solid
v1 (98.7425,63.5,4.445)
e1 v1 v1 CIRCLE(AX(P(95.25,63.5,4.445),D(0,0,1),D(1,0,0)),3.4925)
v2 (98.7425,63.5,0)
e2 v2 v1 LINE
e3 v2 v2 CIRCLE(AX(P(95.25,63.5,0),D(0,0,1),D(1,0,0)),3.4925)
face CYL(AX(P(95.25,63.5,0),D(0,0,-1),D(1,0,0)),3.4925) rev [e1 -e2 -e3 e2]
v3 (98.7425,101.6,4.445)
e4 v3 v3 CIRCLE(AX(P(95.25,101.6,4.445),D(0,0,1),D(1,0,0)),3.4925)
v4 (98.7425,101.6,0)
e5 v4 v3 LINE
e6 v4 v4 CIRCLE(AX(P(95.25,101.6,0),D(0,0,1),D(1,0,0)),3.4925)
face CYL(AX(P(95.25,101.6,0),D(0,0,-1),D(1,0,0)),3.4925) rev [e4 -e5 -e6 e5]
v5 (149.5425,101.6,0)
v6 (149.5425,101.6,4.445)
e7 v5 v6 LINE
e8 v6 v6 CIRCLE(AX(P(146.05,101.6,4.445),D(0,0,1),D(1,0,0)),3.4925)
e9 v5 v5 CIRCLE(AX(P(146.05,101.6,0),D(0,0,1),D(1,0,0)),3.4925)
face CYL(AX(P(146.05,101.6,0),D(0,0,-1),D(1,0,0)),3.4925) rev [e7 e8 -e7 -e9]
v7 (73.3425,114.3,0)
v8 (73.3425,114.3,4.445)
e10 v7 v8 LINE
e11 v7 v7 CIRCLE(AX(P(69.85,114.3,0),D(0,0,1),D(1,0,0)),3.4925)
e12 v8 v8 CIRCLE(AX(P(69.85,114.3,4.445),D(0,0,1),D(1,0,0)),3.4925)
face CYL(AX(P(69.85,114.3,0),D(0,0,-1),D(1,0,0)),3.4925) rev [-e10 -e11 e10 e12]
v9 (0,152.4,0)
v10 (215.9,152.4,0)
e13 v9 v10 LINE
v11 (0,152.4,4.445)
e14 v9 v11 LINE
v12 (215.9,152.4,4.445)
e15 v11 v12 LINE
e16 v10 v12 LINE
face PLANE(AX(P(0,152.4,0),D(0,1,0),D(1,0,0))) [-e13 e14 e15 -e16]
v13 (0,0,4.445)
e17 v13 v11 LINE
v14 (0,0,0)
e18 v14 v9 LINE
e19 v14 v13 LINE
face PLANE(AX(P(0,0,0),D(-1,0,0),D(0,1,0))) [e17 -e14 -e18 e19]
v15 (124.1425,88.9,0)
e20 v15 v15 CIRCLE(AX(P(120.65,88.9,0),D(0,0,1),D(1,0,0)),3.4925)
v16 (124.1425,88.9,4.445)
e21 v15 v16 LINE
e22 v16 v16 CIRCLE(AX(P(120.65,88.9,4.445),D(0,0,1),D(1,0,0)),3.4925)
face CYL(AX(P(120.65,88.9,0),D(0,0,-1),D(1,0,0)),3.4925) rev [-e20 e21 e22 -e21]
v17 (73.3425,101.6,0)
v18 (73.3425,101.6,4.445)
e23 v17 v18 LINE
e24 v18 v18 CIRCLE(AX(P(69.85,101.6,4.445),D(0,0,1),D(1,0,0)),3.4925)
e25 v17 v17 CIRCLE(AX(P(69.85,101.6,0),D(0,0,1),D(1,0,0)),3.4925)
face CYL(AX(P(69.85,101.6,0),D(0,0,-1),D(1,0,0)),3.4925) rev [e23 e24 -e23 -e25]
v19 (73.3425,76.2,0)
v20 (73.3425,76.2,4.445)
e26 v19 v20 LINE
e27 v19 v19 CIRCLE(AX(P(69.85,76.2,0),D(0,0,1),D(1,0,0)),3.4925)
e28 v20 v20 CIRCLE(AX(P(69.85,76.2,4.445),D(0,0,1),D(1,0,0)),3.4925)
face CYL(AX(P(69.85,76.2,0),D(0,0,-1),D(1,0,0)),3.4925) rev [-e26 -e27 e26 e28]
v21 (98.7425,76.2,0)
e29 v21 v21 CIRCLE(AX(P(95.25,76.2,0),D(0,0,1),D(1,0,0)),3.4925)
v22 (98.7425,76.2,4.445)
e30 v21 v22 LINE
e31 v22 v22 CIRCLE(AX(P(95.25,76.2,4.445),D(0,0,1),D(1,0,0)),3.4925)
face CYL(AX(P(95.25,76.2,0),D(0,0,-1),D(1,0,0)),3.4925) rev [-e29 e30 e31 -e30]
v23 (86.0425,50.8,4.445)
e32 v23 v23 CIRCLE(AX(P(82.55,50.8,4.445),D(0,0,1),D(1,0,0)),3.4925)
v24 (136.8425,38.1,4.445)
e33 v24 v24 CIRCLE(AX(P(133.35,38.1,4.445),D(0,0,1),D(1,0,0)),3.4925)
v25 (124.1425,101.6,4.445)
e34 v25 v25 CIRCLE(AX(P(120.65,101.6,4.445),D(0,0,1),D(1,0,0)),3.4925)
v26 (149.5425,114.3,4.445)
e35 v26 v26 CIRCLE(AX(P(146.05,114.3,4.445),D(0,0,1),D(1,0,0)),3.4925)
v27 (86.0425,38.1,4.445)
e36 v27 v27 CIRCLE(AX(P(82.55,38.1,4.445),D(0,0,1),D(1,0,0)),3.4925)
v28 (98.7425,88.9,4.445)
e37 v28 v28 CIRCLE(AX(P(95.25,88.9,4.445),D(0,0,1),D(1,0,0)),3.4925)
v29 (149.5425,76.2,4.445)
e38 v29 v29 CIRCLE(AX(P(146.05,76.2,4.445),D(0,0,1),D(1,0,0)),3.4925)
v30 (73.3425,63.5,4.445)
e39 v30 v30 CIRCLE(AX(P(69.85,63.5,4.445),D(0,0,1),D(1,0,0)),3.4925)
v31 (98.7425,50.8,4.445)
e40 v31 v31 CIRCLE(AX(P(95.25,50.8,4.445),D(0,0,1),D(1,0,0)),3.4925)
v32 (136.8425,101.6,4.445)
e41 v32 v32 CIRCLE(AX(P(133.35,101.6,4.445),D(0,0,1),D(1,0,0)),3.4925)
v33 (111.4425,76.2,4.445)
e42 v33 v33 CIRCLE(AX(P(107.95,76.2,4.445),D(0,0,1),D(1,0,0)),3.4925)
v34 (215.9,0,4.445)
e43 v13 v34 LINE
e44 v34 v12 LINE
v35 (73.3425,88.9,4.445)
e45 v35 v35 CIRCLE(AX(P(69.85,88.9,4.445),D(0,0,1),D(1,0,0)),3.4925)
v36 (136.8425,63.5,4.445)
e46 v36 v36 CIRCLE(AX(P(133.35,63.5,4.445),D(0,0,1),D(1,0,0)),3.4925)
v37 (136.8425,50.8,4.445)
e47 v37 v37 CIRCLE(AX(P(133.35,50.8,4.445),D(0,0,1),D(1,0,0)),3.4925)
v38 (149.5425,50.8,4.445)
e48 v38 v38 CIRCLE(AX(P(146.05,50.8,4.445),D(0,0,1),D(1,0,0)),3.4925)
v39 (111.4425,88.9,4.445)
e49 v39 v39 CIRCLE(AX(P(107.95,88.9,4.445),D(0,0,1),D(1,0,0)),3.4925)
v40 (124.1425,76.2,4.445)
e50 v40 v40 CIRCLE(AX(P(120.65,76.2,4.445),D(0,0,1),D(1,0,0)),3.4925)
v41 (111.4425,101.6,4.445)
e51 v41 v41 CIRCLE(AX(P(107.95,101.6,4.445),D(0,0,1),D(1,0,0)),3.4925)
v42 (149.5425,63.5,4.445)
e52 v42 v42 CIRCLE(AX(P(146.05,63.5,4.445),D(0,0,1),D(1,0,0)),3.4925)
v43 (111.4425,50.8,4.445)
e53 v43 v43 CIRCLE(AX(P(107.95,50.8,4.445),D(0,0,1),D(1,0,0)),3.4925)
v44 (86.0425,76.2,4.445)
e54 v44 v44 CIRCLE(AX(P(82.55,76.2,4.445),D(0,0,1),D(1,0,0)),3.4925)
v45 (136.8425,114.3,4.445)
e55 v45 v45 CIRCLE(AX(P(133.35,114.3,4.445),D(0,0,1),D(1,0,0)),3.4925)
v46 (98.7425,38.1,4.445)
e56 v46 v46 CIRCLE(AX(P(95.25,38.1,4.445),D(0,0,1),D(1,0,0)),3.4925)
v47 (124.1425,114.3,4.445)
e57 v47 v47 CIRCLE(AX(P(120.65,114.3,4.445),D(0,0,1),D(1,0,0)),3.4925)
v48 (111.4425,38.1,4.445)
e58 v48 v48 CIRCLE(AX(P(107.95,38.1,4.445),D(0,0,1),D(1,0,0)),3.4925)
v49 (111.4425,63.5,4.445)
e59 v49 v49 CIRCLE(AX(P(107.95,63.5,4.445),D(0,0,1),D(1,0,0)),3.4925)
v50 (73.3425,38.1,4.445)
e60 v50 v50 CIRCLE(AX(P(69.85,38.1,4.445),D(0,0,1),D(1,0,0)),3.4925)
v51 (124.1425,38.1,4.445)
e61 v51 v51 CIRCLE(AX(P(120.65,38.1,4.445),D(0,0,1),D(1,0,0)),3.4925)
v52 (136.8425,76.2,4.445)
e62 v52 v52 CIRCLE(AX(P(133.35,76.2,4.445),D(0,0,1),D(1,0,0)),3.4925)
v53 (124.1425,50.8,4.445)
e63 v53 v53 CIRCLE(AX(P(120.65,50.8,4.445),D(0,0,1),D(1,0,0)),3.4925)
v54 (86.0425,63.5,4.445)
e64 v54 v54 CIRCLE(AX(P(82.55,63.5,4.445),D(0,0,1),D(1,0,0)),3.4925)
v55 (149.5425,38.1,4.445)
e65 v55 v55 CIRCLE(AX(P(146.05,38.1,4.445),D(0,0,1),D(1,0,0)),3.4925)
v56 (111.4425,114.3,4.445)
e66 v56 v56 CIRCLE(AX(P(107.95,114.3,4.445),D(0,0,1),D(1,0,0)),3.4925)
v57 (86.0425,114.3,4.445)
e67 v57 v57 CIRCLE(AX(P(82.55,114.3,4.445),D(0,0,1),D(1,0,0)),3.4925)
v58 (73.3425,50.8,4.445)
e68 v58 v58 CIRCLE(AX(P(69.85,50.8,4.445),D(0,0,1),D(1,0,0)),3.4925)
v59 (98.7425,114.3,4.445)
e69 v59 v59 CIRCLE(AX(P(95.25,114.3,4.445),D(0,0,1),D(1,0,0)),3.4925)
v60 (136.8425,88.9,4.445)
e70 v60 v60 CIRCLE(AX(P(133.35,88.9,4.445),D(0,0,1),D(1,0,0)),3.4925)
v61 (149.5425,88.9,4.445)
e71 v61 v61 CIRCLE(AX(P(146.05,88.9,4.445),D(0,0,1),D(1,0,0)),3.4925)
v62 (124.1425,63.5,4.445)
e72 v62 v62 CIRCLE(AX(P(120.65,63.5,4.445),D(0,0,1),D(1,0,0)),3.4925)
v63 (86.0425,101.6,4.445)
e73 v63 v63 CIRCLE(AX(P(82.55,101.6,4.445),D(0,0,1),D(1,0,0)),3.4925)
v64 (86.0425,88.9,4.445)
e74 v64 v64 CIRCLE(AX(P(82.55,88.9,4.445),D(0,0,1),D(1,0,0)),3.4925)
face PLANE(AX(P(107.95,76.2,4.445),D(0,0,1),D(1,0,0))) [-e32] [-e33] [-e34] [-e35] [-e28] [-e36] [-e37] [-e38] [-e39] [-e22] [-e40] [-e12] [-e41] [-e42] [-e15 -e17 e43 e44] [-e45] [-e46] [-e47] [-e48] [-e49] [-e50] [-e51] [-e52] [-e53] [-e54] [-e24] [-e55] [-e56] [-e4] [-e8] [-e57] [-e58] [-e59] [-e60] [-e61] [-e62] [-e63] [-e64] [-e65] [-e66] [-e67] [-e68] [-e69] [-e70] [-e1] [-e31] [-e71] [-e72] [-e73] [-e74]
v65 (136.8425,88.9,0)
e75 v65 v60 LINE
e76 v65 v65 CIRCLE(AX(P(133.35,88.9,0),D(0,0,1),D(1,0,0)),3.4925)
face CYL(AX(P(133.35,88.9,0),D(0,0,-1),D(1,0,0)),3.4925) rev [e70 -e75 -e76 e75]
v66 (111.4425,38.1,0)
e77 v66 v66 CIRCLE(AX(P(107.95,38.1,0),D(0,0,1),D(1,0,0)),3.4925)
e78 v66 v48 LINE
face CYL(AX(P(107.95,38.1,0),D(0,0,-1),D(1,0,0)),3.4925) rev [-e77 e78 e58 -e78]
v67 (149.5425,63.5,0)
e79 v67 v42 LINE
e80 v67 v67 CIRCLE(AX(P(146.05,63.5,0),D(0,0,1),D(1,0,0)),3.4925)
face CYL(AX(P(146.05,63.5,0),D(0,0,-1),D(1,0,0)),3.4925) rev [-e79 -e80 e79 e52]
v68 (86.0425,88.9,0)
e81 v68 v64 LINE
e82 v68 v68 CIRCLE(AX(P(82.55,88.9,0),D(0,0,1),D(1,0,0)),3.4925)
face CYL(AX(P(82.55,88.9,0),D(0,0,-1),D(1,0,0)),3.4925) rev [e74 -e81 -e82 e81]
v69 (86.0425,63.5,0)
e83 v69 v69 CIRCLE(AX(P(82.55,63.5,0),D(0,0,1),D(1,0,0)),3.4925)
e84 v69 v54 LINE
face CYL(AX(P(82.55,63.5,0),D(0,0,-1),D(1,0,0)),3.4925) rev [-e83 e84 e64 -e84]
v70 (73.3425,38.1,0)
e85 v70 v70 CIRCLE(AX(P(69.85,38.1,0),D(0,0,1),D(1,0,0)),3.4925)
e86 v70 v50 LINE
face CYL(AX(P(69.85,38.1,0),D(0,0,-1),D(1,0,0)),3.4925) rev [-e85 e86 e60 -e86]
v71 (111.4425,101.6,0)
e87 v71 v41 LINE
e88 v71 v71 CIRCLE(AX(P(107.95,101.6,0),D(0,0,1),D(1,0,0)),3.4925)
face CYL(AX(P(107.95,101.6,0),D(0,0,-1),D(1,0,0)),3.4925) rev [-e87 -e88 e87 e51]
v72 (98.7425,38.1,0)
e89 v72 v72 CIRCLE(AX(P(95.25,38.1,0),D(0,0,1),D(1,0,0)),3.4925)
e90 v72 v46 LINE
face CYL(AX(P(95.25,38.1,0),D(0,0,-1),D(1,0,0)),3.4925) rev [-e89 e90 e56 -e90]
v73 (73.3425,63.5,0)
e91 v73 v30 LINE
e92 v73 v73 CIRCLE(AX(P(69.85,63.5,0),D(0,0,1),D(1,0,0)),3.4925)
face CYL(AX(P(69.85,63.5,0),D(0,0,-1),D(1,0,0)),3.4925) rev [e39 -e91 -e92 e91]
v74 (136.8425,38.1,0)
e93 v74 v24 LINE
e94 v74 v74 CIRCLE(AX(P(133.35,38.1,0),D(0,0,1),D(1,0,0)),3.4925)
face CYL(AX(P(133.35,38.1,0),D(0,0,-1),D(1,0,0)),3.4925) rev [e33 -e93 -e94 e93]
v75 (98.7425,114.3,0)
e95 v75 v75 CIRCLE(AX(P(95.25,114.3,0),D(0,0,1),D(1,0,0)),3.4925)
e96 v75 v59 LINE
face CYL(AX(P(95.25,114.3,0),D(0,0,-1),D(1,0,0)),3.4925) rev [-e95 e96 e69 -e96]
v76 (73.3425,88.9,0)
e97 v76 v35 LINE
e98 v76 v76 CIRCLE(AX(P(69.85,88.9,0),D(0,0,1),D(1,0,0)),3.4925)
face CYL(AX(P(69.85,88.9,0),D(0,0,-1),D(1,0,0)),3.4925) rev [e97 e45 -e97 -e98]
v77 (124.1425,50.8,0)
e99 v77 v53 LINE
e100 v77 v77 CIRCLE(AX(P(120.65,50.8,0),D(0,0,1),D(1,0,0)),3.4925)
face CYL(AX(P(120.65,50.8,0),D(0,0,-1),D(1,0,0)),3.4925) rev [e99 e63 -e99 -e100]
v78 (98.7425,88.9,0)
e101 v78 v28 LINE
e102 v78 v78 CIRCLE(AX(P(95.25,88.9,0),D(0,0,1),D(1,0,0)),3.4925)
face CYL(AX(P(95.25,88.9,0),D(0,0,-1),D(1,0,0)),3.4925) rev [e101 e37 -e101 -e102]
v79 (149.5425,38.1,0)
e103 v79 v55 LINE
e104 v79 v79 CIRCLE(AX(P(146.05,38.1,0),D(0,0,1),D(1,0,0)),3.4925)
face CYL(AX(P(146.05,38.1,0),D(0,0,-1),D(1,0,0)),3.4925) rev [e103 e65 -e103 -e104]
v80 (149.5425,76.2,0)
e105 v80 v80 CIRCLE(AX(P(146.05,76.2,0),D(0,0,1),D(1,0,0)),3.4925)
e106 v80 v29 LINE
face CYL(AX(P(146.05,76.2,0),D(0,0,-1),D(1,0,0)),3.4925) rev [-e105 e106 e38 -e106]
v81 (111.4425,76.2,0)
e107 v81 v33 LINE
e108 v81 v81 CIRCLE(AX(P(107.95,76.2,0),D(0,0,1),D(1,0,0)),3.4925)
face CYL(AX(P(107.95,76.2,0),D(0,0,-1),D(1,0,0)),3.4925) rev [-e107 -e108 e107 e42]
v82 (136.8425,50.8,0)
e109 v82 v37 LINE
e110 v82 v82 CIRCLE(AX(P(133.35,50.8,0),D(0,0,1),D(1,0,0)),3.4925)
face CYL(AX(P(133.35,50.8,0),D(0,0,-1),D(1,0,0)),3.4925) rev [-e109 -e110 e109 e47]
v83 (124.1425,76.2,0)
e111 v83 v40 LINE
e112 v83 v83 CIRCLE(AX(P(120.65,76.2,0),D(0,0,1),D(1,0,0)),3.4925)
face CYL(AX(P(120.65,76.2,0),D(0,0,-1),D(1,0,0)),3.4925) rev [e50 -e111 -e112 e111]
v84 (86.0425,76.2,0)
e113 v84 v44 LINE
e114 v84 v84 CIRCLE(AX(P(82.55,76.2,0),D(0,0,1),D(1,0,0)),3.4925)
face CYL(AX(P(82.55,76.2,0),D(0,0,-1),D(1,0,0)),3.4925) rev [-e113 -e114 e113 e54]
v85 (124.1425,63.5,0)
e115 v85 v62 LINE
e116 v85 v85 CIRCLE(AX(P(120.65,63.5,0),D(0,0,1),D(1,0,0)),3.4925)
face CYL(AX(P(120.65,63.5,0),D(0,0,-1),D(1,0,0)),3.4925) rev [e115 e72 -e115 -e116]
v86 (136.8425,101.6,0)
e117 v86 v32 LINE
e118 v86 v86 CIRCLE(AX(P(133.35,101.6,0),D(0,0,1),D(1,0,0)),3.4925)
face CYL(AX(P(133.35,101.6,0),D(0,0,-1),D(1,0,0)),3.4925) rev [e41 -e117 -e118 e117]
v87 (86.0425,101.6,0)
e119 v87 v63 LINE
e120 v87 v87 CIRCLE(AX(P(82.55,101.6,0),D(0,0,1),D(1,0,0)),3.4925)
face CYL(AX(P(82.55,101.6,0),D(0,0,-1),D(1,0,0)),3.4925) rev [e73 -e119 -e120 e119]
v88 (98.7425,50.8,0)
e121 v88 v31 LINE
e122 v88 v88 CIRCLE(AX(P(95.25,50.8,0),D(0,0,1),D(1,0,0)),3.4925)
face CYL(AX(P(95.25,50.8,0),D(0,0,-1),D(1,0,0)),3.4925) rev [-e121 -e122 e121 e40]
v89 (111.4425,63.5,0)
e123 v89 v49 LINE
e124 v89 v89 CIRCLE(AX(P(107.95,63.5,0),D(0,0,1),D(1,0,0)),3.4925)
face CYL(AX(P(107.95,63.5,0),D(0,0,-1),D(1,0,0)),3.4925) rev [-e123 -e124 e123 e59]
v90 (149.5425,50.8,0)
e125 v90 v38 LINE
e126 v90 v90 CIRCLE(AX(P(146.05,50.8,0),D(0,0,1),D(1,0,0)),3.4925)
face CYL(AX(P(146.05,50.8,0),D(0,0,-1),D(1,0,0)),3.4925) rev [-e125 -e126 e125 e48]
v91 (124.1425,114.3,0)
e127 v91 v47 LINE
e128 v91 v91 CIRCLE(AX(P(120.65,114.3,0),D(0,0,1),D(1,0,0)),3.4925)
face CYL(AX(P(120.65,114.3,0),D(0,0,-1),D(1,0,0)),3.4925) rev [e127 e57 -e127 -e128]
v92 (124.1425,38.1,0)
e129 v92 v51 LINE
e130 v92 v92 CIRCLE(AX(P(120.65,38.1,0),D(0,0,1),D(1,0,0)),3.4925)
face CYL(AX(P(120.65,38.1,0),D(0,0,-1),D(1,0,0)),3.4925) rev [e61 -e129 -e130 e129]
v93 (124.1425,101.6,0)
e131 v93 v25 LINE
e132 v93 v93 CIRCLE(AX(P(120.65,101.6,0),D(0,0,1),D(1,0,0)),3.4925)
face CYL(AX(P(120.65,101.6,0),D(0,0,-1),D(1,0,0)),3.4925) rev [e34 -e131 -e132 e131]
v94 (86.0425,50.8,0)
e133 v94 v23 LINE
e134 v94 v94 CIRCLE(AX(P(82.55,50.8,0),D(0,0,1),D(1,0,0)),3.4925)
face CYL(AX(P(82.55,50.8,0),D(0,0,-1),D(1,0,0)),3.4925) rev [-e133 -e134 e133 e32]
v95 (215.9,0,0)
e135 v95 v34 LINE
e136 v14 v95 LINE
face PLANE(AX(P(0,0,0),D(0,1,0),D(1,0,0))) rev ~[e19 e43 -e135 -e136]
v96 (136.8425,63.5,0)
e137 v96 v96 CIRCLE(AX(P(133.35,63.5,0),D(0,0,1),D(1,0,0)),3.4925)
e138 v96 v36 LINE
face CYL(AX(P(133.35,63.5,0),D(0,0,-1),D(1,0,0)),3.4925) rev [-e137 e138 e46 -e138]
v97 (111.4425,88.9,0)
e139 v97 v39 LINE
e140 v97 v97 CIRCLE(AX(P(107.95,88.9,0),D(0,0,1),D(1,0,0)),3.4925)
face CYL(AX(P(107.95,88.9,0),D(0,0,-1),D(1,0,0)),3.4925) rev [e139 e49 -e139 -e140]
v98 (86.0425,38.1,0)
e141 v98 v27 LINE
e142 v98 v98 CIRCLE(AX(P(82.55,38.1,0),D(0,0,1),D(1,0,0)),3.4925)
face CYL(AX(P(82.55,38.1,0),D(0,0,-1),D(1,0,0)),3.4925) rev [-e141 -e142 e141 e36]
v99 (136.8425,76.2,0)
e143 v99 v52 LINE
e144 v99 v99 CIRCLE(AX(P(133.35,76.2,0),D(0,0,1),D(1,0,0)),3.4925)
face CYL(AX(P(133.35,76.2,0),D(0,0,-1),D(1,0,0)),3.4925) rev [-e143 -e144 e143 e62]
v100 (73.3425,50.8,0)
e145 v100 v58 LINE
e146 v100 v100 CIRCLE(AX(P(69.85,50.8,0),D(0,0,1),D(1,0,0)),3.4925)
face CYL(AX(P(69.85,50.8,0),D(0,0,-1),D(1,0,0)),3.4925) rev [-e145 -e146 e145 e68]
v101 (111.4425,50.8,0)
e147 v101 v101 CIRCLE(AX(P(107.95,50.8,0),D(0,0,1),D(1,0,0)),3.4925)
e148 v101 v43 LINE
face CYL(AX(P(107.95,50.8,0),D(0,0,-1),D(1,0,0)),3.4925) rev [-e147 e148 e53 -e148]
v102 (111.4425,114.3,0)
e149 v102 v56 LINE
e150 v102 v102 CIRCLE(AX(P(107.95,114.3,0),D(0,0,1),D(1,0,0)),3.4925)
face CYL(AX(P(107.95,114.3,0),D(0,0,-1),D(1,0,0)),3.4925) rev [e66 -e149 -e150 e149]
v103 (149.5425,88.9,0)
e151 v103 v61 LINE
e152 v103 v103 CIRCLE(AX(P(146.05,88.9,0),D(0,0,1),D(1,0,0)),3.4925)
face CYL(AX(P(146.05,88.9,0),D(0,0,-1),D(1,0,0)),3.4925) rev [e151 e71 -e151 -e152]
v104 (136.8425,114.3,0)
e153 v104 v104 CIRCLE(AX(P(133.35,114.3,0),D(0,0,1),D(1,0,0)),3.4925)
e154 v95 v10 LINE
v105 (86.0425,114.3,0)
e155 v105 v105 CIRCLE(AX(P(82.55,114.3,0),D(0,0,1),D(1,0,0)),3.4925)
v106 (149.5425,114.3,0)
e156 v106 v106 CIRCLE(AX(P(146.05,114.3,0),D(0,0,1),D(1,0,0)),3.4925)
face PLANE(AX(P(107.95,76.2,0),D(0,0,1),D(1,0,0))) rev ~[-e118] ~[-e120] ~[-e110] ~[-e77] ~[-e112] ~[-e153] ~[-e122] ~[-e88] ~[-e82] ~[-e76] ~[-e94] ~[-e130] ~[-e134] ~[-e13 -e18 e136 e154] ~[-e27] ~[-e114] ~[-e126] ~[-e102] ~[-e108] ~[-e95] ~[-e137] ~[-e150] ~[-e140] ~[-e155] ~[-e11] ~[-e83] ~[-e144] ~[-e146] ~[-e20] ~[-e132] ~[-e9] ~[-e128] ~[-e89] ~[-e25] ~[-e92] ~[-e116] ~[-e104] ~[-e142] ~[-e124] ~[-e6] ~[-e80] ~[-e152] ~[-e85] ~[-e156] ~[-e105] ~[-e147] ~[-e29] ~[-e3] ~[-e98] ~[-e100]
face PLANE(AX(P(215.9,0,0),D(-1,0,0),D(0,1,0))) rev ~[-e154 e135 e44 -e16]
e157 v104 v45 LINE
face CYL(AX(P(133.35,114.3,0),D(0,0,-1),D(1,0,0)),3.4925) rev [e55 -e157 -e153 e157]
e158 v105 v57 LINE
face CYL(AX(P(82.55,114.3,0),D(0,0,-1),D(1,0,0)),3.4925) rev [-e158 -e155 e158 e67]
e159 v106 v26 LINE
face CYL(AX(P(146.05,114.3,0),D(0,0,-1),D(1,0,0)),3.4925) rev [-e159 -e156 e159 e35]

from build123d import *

# Parameters (mm, degrees)
F0_W     = 215.9
F0_H     = 152.4
F0_R     = 3.4925
F1_DEPTH = 4.445


with BuildPart() as f1:
    # F0 (on Top) → F1 (new body)
    with BuildSketch(Plane.XY):
        with Locations((107.95, 76.2)):
            Rectangle(F0_W, F0_H)
        with Locations((69.85, 38.1)):
            Circle(F0_R, mode=Mode.SUBTRACT)
        with Locations((69.85, 50.8)):
            Circle(F0_R, mode=Mode.SUBTRACT)
        with Locations((82.55, 38.1)):
            Circle(F0_R, mode=Mode.SUBTRACT)
        with Locations((95.25, 38.1)):
            Circle(F0_R, mode=Mode.SUBTRACT)
        with Locations((82.55, 50.8)):
            Circle(F0_R, mode=Mode.SUBTRACT)
        with Locations((95.25, 50.8)):
            Circle(F0_R, mode=Mode.SUBTRACT)
        with Locations((69.85, 63.5)):
            Circle(F0_R, mode=Mode.SUBTRACT)
        with Locations((82.55, 63.5)):
            Circle(F0_R, mode=Mode.SUBTRACT)
        with Locations((95.25, 63.5)):
            Circle(F0_R, mode=Mode.SUBTRACT)
        with Locations((107.95, 38.1)):
            Circle(F0_R, mode=Mode.SUBTRACT)
        with Locations((120.65, 38.1)):
            Circle(F0_R, mode=Mode.SUBTRACT)
        with Locations((133.35, 38.1)):
            Circle(F0_R, mode=Mode.SUBTRACT)
        with Locations((107.95, 50.8)):
            Circle(F0_R, mode=Mode.SUBTRACT)
        with Locations((120.65, 50.8)):
            Circle(F0_R, mode=Mode.SUBTRACT)
        with Locations((133.35, 50.8)):
            Circle(F0_R, mode=Mode.SUBTRACT)
        with Locations((146.05, 38.1)):
            Circle(F0_R, mode=Mode.SUBTRACT)
        with Locations((146.05, 50.8)):
            Circle(F0_R, mode=Mode.SUBTRACT)
        with Locations((107.95, 63.5)):
            Circle(F0_R, mode=Mode.SUBTRACT)
        with Locations((120.65, 63.5)):
            Circle(F0_R, mode=Mode.SUBTRACT)
        with Locations((133.35, 63.5)):
            Circle(F0_R, mode=Mode.SUBTRACT)
        with Locations((146.05, 63.5)):
            Circle(F0_R, mode=Mode.SUBTRACT)
        with Locations((69.85, 76.2)):
            Circle(F0_R, mode=Mode.SUBTRACT)
        with Locations((69.85, 88.9)):
            Circle(F0_R, mode=Mode.SUBTRACT)
        with Locations((82.55, 76.2)):
            Circle(F0_R, mode=Mode.SUBTRACT)
        with Locations((95.25, 76.2)):
            Circle(F0_R, mode=Mode.SUBTRACT)
        with Locations((82.55, 88.9)):
            Circle(F0_R, mode=Mode.SUBTRACT)
        with Locations((95.25, 88.9)):
            Circle(F0_R, mode=Mode.SUBTRACT)
        with Locations((69.85, 101.6)):
            Circle(F0_R, mode=Mode.SUBTRACT)
        with Locations((82.55, 101.6)):
            Circle(F0_R, mode=Mode.SUBTRACT)
        with Locations((95.25, 101.6)):
            Circle(F0_R, mode=Mode.SUBTRACT)
        with Locations((69.85, 114.3)):
            Circle(F0_R, mode=Mode.SUBTRACT)
        with Locations((82.55, 114.3)):
            Circle(F0_R, mode=Mode.SUBTRACT)
        with Locations((95.25, 114.3)):
            Circle(F0_R, mode=Mode.SUBTRACT)
        with Locations((107.95, 76.2)):
            Circle(F0_R, mode=Mode.SUBTRACT)
        with Locations((120.65, 76.2)):
            Circle(F0_R, mode=Mode.SUBTRACT)
        with Locations((133.35, 76.2)):
            Circle(F0_R, mode=Mode.SUBTRACT)
        with Locations((107.95, 88.9)):
            Circle(F0_R, mode=Mode.SUBTRACT)
        with Locations((120.65, 88.9)):
            Circle(F0_R, mode=Mode.SUBTRACT)
        with Locations((133.35, 88.9)):
            Circle(F0_R, mode=Mode.SUBTRACT)
        with Locations((146.05, 76.2)):
            Circle(F0_R, mode=Mode.SUBTRACT)
        with Locations((146.05, 88.9)):
            Circle(F0_R, mode=Mode.SUBTRACT)
        with Locations((107.95, 101.6)):
            Circle(F0_R, mode=Mode.SUBTRACT)
        with Locations((120.65, 101.6)):
            Circle(F0_R, mode=Mode.SUBTRACT)
        with Locations((133.35, 101.6)):
            Circle(F0_R, mode=Mode.SUBTRACT)
        with Locations((146.05, 101.6)):
            Circle(F0_R, mode=Mode.SUBTRACT)
        with Locations((107.95, 114.3)):
            Circle(F0_R, mode=Mode.SUBTRACT)
        with Locations((120.65, 114.3)):
            Circle(F0_R, mode=Mode.SUBTRACT)
        with Locations((133.35, 114.3)):
            Circle(F0_R, mode=Mode.SUBTRACT)
        with Locations((146.05, 114.3)):
            Circle(F0_R, mode=Mode.SUBTRACT)
    extrude(amount=F1_DEPTH)


solid = f1.part
